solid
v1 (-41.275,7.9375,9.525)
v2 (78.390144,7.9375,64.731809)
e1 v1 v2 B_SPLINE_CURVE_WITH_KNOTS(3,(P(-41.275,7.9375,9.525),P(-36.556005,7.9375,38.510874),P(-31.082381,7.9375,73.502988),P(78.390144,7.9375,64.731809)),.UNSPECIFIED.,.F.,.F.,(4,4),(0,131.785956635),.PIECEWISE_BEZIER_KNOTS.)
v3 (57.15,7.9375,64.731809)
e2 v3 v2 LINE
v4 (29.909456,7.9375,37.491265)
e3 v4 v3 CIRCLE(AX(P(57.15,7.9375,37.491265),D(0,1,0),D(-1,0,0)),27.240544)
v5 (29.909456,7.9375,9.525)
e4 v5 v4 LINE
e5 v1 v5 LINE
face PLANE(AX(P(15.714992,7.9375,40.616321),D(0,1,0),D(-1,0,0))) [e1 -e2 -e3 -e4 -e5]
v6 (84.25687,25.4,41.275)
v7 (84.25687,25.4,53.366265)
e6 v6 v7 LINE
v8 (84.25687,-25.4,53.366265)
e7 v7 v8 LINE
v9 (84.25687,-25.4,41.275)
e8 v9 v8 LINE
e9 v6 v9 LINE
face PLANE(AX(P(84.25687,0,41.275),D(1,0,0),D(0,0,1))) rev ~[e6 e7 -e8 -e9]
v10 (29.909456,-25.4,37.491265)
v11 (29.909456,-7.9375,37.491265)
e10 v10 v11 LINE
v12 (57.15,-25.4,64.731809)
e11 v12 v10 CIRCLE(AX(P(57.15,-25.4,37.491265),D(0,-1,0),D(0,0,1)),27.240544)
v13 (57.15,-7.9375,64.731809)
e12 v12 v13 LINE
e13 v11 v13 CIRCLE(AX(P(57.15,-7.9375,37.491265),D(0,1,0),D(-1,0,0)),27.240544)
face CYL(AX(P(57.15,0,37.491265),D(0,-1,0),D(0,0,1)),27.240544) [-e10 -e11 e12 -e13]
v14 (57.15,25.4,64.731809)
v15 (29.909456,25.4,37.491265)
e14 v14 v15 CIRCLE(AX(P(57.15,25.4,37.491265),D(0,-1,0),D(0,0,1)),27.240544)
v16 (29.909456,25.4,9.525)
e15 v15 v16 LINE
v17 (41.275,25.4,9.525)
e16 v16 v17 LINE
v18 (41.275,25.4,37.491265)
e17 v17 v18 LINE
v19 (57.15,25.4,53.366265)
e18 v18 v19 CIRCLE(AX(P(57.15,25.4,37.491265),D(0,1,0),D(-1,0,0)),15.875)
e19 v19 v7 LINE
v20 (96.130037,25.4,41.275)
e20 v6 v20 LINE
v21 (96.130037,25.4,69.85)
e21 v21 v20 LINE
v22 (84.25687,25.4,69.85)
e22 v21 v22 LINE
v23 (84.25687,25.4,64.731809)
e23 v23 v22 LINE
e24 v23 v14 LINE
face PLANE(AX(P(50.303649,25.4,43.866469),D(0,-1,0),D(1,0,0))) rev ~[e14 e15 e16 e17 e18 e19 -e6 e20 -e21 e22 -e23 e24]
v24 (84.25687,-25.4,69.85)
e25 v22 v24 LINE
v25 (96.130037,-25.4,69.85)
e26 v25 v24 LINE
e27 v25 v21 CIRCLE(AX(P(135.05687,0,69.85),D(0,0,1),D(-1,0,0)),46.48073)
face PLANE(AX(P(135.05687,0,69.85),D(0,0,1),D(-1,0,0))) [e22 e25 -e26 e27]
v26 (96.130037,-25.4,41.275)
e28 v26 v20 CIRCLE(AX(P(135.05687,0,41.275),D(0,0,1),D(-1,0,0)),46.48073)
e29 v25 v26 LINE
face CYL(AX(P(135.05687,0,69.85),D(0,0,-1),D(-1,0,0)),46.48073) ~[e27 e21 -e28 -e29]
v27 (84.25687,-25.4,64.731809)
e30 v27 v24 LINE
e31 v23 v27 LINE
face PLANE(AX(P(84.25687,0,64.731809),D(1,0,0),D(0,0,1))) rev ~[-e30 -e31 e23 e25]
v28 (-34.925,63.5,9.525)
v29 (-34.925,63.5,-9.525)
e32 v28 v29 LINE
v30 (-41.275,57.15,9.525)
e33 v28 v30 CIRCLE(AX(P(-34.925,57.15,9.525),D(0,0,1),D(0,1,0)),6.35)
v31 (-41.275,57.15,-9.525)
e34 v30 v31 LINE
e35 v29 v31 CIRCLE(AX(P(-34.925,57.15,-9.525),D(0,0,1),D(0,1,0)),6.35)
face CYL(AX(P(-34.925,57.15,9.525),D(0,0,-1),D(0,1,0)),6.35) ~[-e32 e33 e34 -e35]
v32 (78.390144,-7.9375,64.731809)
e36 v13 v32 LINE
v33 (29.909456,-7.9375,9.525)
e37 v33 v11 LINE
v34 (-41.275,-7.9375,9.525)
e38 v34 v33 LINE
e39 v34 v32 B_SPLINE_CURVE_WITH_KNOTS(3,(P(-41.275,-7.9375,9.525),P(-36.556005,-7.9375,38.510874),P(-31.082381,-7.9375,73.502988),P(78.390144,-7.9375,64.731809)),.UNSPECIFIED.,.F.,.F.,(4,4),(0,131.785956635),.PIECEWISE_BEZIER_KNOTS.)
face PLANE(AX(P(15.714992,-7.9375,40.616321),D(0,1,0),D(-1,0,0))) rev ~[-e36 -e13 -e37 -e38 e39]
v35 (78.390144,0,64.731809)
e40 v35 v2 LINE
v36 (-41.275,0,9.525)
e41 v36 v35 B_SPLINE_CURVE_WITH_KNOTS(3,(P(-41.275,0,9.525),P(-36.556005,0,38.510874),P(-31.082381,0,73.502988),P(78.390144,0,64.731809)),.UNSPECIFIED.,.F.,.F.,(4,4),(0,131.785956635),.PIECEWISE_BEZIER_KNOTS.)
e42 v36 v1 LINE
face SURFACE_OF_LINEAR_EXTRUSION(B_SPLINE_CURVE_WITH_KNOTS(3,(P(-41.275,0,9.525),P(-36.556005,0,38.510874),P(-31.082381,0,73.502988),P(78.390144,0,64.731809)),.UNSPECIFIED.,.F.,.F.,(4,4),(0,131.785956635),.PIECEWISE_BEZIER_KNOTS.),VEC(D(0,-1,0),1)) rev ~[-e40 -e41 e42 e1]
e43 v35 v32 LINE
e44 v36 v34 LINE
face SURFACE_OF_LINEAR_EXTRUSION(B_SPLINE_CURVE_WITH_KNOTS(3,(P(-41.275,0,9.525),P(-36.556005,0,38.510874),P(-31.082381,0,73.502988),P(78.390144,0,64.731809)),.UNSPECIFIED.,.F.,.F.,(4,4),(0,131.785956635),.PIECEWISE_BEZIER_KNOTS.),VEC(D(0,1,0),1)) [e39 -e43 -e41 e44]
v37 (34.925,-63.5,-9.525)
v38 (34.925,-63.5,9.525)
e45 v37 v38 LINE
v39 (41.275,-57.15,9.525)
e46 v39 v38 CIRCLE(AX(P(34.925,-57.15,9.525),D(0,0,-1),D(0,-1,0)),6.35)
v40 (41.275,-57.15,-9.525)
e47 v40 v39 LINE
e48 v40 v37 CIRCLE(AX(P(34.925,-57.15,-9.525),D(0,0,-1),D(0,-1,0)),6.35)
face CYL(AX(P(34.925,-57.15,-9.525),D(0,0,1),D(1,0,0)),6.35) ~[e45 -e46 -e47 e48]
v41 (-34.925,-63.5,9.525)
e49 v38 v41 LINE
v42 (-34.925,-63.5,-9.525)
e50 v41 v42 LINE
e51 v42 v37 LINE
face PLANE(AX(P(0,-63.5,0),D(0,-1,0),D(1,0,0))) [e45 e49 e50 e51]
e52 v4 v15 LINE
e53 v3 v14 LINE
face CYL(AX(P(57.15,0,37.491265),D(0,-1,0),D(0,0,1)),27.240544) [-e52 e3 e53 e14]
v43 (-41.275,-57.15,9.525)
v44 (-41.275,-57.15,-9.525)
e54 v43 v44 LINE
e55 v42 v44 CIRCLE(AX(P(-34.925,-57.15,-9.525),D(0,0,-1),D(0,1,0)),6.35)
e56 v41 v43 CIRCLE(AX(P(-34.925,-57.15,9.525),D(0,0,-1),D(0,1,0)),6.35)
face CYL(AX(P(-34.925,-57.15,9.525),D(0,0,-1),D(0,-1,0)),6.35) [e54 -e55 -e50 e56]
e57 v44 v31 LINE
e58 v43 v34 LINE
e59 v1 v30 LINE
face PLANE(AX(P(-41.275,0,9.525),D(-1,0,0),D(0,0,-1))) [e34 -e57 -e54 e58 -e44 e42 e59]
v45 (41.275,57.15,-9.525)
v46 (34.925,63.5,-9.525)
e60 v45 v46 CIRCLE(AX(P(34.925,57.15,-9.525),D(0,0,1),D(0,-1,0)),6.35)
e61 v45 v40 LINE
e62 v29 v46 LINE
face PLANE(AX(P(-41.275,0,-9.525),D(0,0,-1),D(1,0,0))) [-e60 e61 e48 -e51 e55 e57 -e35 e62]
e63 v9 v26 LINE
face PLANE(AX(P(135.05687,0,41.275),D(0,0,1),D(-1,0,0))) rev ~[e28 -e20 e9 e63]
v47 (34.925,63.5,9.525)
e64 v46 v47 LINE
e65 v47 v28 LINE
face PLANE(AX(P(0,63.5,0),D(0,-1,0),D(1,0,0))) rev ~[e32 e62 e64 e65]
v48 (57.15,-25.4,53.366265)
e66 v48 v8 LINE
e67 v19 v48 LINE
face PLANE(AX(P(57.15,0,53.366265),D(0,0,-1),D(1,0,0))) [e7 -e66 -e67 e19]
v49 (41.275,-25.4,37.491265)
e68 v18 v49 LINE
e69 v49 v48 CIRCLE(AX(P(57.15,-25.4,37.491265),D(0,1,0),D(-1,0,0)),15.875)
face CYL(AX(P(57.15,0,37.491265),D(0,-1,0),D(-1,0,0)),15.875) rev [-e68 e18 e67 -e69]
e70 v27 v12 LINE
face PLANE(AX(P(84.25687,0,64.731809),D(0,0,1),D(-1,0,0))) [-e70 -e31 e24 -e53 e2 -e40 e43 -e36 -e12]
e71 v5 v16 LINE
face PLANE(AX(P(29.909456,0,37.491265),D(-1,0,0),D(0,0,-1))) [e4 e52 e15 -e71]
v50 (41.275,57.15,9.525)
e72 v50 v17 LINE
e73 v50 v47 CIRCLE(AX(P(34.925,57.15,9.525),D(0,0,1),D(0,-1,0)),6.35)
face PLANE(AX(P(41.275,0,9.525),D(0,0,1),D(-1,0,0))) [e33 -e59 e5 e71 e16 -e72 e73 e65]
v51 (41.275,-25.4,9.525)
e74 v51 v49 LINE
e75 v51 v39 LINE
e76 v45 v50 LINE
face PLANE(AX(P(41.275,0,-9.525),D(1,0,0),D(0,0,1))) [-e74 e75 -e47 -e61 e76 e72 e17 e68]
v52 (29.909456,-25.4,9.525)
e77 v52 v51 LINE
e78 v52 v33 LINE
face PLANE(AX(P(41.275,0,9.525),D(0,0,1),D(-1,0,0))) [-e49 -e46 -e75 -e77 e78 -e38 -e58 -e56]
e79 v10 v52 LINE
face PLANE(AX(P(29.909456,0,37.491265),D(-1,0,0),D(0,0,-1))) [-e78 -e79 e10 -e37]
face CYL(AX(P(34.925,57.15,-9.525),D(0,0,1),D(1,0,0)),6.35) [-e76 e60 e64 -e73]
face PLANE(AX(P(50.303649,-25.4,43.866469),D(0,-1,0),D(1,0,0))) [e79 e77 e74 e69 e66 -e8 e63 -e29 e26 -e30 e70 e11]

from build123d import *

# Parameters (mm, degrees)
F1_DEPTH = 63.5
F0_W     = 4.3192696064
F0_H     = 12.0912648122
F0_H_2   = 11.3655438513
F0_H_3   = 5.1181913365
F2_DEPTH = 25.4
F3_DEPTH = 7.9375
F5_R     = 6.35


with BuildPart() as f1:
    # F0 (on Front) → F1 (new body, symmetric)
    with BuildSketch(Plane.XZ):
        Polygon((-41.275, -9.525), (41.275, -9.525), (41.275, 9.525), (29.9094561487, 9.525), (-41.275, 9.525), align=None)
    extrude(amount=F1_DEPTH, both=True)

    # F0 (on Front) → F2 (join, symmetric)
    with BuildSketch(Plane.XZ):
        with BuildLine():
            Line((29.9094561487, 9.525), (41.275, 9.525))
            Line((41.275, 9.525), (41.275, 37.4912648122))
            ThreePointArc((41.275, 37.4912648122), (45.9246798487, 48.7165849636), (57.15, 53.3662648122))
            Line((57.15, 53.3662648122), (84.2568697843, 53.3662648122))
            Line((84.2568697843, 53.3662648122), (84.2568697843, 64.7318086635))
            Line((84.2568697843, 64.7318086635), (78.3901438117, 64.7318086635))
            Line((78.3901438117, 64.7318086635), (57.15, 64.7318086635))
            ThreePointArc((57.15, 64.7318086635), (37.8880267196, 56.7532380926), (29.9094561487, 37.4912648122))
            Line((29.9094561487, 37.4912648122), (29.9094561487, 9.525))
        make_face()
        with Locations((86.4165045875, 47.3206324061)):
            Rectangle(F0_W, F0_H)
        with Locations((86.4165045875, 59.0490367378)):
            Rectangle(F0_W, F0_H_2)
        with Locations((86.4165045875, 67.2909043317)):
            Rectangle(F0_W, F0_H_3)
        Polygon((88.5761393907, 69.85), (88.5761393907, 64.7318086635), (88.5761393907, 53.3662648122), (88.5761393907, 41.275), (135.0568697843, 41.275), (135.0568697843, 69.85), align=None)
    extrude(amount=F2_DEPTH, both=True)

    # F0 (on Front) → F3 (join, symmetric)
    with BuildSketch(Plane.XZ):
        with BuildLine():
            add(Edge.make_bspline(
                [(-41.275, 9.525), (-36.5560054779, 38.5108739138), (-31.082380563, 73.5029876232), (78.3901438117, 64.7318086635)],
                knots=[0, 0, 0, 0, 131.7859566353, 131.7859566353, 131.7859566353, 131.7859566353], degree=3))
            Line((-41.275, 9.525), (29.9094561487, 9.525))
            Line((29.9094561487, 9.525), (29.9094561487, 37.4912648122))
            ThreePointArc((29.9094561487, 37.4912648122), (37.8880267196, 56.7532380926), (57.15, 64.7318086635))
            Line((57.15, 64.7318086635), (78.3901438117, 64.7318086635))
        make_face()
    extrude(amount=F3_DEPTH, both=True)

    # F0 (on Front) → F4 (revolve)
    with BuildSketch(Plane.XZ):
        Polygon((88.5761393907, 69.85), (88.5761393907, 64.7318086635), (88.5761393907, 53.3662648122), (88.5761393907, 41.275), (135.0568697843, 41.275), (135.0568697843, 69.85), align=None)
    revolve(axis=Axis((135.0568697843, 0, 55.5625), (0, 0, 1)))

    # F5
    f5_edges = [f1.edges().sort_by_distance(p)[0] for p in [
        (41.275, -63.5, 0),
        (-41.275, -63.5, 0),
        (41.275, 63.5, 0),
        (-41.275, 63.5, 0),
    ]]
    fillet(f5_edges, radius=F5_R)


solid = f1.part
